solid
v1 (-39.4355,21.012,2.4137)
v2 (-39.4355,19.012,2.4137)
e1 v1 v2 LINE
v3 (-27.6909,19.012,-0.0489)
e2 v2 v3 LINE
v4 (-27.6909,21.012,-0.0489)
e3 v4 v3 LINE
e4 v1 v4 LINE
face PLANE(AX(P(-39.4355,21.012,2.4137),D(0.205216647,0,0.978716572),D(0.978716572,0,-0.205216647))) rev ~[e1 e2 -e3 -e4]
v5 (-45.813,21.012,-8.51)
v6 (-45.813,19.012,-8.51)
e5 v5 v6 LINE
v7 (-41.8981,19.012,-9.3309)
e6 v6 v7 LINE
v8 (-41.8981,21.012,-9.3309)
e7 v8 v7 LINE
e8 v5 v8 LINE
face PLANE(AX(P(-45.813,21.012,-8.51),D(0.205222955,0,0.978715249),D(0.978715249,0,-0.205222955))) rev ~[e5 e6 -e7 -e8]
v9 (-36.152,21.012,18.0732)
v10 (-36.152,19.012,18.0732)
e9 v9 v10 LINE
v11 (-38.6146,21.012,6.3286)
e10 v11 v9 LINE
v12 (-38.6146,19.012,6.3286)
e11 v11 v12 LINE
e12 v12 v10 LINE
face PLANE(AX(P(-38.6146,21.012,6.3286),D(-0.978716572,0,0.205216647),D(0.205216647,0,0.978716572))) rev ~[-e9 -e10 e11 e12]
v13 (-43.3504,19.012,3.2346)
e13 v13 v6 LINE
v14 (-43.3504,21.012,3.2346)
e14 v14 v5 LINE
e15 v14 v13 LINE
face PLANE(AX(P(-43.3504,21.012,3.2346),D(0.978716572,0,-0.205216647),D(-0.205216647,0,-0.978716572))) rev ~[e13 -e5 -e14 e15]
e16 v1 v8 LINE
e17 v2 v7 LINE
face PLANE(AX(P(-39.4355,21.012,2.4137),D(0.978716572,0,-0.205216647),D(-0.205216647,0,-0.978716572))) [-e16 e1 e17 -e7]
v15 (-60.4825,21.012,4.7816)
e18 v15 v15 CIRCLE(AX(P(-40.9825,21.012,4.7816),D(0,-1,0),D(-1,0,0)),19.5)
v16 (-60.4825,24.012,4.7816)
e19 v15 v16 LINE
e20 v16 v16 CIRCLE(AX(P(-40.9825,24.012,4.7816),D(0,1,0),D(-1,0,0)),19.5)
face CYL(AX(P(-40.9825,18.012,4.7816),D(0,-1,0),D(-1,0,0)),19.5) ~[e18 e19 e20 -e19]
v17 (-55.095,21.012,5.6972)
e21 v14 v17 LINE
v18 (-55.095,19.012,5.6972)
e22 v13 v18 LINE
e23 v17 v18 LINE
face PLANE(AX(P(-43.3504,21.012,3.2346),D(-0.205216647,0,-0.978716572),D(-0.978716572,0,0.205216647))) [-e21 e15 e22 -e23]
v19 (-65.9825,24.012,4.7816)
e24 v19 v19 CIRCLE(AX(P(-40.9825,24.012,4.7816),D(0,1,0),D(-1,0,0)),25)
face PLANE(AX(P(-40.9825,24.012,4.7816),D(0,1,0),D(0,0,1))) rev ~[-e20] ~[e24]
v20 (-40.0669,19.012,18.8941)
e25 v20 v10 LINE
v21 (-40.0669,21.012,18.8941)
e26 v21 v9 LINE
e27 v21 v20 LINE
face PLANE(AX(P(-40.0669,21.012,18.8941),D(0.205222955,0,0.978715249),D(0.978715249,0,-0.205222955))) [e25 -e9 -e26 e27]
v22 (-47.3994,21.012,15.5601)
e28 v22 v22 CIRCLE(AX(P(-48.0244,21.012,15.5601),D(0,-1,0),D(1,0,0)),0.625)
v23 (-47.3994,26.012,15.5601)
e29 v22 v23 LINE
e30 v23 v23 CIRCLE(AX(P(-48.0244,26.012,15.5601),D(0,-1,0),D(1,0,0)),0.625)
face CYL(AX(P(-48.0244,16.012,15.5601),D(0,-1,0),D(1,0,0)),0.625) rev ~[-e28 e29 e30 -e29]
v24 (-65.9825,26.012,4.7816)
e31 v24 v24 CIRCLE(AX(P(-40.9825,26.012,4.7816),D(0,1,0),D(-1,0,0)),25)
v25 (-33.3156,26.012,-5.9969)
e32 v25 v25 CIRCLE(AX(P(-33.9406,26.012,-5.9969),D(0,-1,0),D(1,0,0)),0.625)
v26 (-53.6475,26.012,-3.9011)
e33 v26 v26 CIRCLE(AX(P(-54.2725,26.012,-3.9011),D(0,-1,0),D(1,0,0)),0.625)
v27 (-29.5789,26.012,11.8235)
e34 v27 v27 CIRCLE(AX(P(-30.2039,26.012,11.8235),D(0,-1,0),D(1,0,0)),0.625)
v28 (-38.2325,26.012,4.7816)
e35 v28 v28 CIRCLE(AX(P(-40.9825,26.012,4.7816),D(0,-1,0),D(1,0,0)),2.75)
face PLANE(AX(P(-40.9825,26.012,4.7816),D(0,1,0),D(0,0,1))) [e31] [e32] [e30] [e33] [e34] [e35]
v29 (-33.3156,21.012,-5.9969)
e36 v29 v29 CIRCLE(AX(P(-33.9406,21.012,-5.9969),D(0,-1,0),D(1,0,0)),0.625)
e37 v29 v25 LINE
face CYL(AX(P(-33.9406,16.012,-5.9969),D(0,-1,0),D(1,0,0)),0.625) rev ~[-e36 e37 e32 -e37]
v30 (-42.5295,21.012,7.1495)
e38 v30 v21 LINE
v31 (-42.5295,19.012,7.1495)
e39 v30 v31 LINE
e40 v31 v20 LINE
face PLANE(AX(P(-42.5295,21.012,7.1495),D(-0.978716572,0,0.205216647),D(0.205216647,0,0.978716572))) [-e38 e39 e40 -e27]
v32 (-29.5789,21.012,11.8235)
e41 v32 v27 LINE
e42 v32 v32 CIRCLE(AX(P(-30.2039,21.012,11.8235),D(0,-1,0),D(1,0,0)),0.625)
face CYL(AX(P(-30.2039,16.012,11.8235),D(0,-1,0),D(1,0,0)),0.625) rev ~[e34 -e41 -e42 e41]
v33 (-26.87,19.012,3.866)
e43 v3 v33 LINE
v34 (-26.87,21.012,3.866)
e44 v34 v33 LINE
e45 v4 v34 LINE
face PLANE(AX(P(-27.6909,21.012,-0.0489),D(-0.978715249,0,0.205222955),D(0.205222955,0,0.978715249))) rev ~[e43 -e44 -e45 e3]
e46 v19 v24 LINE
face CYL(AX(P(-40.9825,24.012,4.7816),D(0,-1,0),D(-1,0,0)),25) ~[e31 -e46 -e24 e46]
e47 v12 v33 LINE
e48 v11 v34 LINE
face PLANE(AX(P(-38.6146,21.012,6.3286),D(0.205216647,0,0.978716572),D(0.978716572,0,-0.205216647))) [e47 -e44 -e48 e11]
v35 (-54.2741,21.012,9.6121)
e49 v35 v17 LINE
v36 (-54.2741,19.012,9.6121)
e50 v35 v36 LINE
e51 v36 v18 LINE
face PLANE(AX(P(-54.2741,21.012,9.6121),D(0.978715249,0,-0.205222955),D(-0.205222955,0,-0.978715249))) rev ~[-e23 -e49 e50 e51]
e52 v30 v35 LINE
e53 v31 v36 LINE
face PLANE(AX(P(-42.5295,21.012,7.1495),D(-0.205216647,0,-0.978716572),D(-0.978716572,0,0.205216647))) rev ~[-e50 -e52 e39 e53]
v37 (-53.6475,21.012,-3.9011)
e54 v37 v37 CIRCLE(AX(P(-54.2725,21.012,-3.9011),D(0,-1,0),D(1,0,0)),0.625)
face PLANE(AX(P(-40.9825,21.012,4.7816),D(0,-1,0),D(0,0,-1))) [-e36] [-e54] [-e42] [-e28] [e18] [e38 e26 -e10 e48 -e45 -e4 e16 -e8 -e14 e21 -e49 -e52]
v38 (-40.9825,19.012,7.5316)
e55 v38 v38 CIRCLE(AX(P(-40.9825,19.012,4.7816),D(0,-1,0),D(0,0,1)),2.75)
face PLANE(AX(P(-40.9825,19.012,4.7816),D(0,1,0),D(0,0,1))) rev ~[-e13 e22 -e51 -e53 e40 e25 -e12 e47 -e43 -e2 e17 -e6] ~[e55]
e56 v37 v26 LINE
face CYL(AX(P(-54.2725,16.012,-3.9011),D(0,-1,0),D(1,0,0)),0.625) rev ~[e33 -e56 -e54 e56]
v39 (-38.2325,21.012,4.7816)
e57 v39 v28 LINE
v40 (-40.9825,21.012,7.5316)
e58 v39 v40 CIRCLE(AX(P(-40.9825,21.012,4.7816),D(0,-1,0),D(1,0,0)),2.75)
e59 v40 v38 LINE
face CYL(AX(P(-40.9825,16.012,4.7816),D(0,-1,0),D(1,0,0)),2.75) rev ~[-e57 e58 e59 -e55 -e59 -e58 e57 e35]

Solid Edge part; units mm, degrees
sketch "Sketch1" plane through (0, 16.012, 0) normal (0, -1, 0) x (1, 0, 0)
  circle A0 centre (-40.9825, 4.7816) radius 25
extrude "Protrusion1" add sketch "Sketch1" against normal blind 2
sketch "Sketch2" plane through (-40.9825, 18.012, 4.7816) normal (0, 1, 0) x (-1, 0, 0)
  circle A0 centre (0, 0) radius 19.5
extrude "ExtrudedProtrusion_2" add sketch "Sketch2" along normal blind 6
sketch "Sketch3" plane through (-40.9825, 24.012, 4.7816) normal (0, 1, 0) x (-1, 0, 0)
  circle A0 centre (0, 0) radius 25
extrude "ExtrudedProtrusion_3" add sketch "Sketch3" along normal blind 2
sketch "Sketch4" plane through (0, 16.012, 0) normal (0, -1, 0) x (1, 0, 0)
  line L0 (-39.6249, 14.0146) -> (-47.4069, 22.165)
  arc A0 (-47.4069, 22.165) -> (-54.3209, 17.6479) centre (-50.4446, 19.2646) ccw
  line L1 (-54.3209, 17.6479) -> (-49.9832, 7.2473)
  arc A1 (-49.9832, 7.2473) -> (-50.2155, 6.1391) centre (-50.9061, 6.8624) cw
  line L2 (-50.2155, 6.1391) -> (-58.3659, -1.6428)
  arc A2 (-58.3659, -1.6428) -> (-53.8487, -8.5569) centre (-55.4655, -4.6805) ccw
  line L3 (-53.8487, -8.5569) -> (-43.4482, -4.2191)
  arc A3 (-43.4482, -4.2191) -> (-42.34, -4.4515) centre (-43.0633, -5.142) cw
  line L4 (-42.34, -4.4515) -> (-34.5581, -12.6018)
  arc A4 (-34.5581, -12.6018) -> (-27.644, -8.0847) centre (-31.5204, -9.7014) ccw
  line L5 (-27.644, -8.0847) -> (-31.9818, 2.3158)
  arc A5 (-31.9818, 2.3158) -> (-31.7494, 3.424) centre (-31.0588, 2.7008) cw
  line L6 (-31.7494, 3.424) -> (-23.5991, 11.206)
  arc A6 (-23.5991, 11.206) -> (-28.1162, 18.1201) centre (-26.4995, 14.2437) ccw
  line L7 (-28.1162, 18.1201) -> (-38.5167, 13.7823)
  arc A7 (-38.5167, 13.7823) -> (-39.6249, 14.0146) centre (-38.9017, 14.7052) cw
  line L8 (-38.6527, 15.8925) -> (-45.9604, 23.5461)
  arc A8 (-45.9604, 23.5461) -> (-56.1668, 16.878) centre (-50.4446, 19.2646) ccw
  line L9 (-56.1668, 16.878) -> (-52.0934, 7.1114)
  line L10 (-52.0934, 7.1114) -> (-59.747, -0.1963)
  arc A9 (-59.747, -0.1963) -> (-53.0789, -10.4028) centre (-55.4655, -4.6805) ccw
  line L11 (-53.0789, -10.4028) -> (-43.3122, -6.3294)
  line L12 (-43.3122, -6.3294) -> (-36.0046, -13.983)
  arc A10 (-36.0046, -13.983) -> (-25.7981, -7.3148) centre (-31.5204, -9.7014) ccw
  line L13 (-25.7981, -7.3148) -> (-29.8715, 2.4518)
  line L14 (-29.8715, 2.4518) -> (-22.2179, 9.7595)
  arc A11 (-22.2179, 9.7595) -> (-28.8861, 19.966) centre (-26.4995, 14.2437) ccw
  line L15 (-28.8861, 19.966) -> (-38.6527, 15.8925)
  dimension "D1" = 2
  dimension "D2" = 2
extrude "ExtrudedProtrusion_4" add sketch "Sketch4" along normal blind 2
fillet "Round_1" radius 1.5 16 edges at (-60.6559, 16.012, -8.0716) (-48.1956, 16.012, -8.3661) (-55.9202, 16.012, 3.4575) (-39.6584, 16.012, -10.1562) (-28.1293, 16.012, -14.8918) (-27.8348, 16.012, -2.4315) (-43.3122, 15.012, -6.3294) (-29.8715, 15.012, 2.4518) (-26.0447, 16.012, 6.1056) (-21.309, 16.012, 17.6348) (-33.7694, 16.012, 17.9293) (-38.6527, 15.012, 15.8925) (-42.3065, 16.012, 19.7193) (-53.8356, 16.012, 24.455) (-54.1301, 16.012, 11.9947) (-52.0934, 15.012, 7.1114)
sketch "Sketch5" plane through (0, 16.012, 0) normal (0, -1, 0) x (1, 0, 0)
  circle A0 centre (-40.9825, 4.7816) radius 2.75
extrude "Cutout1" cut sketch "Sketch5" against normal up to vertex (10 mm away)
sketch "Sketch6" plane through (0, 16.012, 0) normal (0, -1, 0) x (1, 0, 0)
  circle A0 centre (-30.2039, 11.8235) radius 0.625
  circle A1 centre (-48.0244, 15.5601) radius 0.625
  circle A2 centre (-54.2725, -3.9011) radius 0.625
  circle A3 centre (-33.9406, -5.9969) radius 0.625
  dimension "D1" = 2
  dimension "D2" = 2
extrude "Cutout2" cut sketch "Sketch6" against normal up to vertex (10 mm away)
sketch "Sketch7" plane through (-40.9825, 14.012, 4.7816) normal (0, -1, 0) x (0.9229, 0, 0.3849)
  arc A0 (-5.7404, -7.358) -> (-4.8071, -7.999) centre (-5.7404, -8.358) cw
  line L0 (-4.8071, -7.999) -> (-0.7621, -18.5169)
  arc A1 (-0.7621, -18.5169) -> (7.358, -17.0093) centre (3.158, -17.0093) ccw
  line L1 (7.358, -17.0093) -> (7.358, -5.7404)
  arc A2 (7.358, -5.7404) -> (7.999, -4.8071) centre (8.358, -5.7404) cw
  line L2 (7.999, -4.8071) -> (18.5169, -0.7621)
  arc A3 (18.5169, -0.7621) -> (17.0093, 7.358) centre (17.0093, 3.158) ccw
  line L3 (17.0093, 7.358) -> (5.7404, 7.358)
  arc A4 (5.7404, 7.358) -> (4.8071, 7.999) centre (5.7404, 8.358) cw
  line L4 (4.8071, 7.999) -> (0.7621, 18.5169)
  arc A5 (0.7621, 18.5169) -> (-7.358, 17.0093) centre (-3.158, 17.0093) ccw
  line L5 (-7.358, 17.0093) -> (-7.358, 5.7404)
  arc A6 (-7.358, 5.7404) -> (-7.999, 4.8071) centre (-8.358, 5.7404) cw
  line L6 (-7.999, 4.8071) -> (-18.5169, 0.7621)
  arc A7 (-18.5169, 0.7621) -> (-17.0093, -7.358) centre (-17.0093, -3.158) ccw
  line L7 (-17.0093, -7.358) -> (-5.7404, -7.358)
  arc A8 (-5.7404, -5.858) -> (-3.407, -7.4606) centre (-5.7404, -8.358) cw
  line L8 (-3.407, -7.4606) -> (0.6379, -17.9785)
  arc A9 (0.6379, -17.9785) -> (5.858, -17.0093) centre (3.158, -17.0093) ccw
  line L9 (5.858, -17.0093) -> (5.858, -5.7404)
  arc A10 (5.858, -5.7404) -> (7.4606, -3.407) centre (8.358, -5.7404) cw
  line L10 (7.4606, -3.407) -> (17.9785, 0.6379)
  arc A11 (17.9785, 0.6379) -> (17.0093, 5.858) centre (17.0093, 3.158) ccw
  line L11 (17.0093, 5.858) -> (5.7404, 5.858)
  arc A12 (5.7404, 5.858) -> (3.407, 7.4606) centre (5.7404, 8.358) cw
  line L12 (3.407, 7.4606) -> (-0.6379, 17.9785)
  arc A13 (-0.6379, 17.9785) -> (-5.858, 17.0093) centre (-3.158, 17.0093) ccw
  line L13 (-5.858, 17.0093) -> (-5.858, 5.7404)
  arc A14 (-5.858, 5.7404) -> (-7.4606, 3.407) centre (-8.358, 5.7404) cw
  line L14 (-7.4606, 3.407) -> (-17.9785, -0.6379)
  arc A15 (-17.9785, -0.6379) -> (-17.0093, -5.858) centre (-17.0093, -3.158) ccw
  line L15 (-17.0093, -5.858) -> (-5.7404, -5.858)
  dimension "D1" = 0.5
extrude "Protrusion2" add sketch "Sketch7" against normal up to vertex (2 mm away)
sketch "Sketch8" plane through (-40.9825, 14.012, 4.7816) normal (0, -1, 0) x (0.9229, 0, 0.3849)
  circle A0 centre (0, 0) radius 32.9501
extrude "ExtrudedCutout_4" cut sketch "Sketch8" against normal blind 7
sketch "Sketch9" plane through (-40.9825, 21.012, 4.7816) normal (0, -1, 0) x (0, 0, 1)
  line L0 (-1.547, 2.3679) -> (0.9156, 14.1125)
  line L1 (4.8305, 13.2916) -> (0.9156, 14.1125)
  line L2 (2.3679, 1.547) -> (4.8305, 13.2916)
  line L3 (2.3679, 1.547) -> (14.1125, -0.9156)
  line L4 (14.1125, -0.9156) -> (13.2916, -4.8305)
  line L5 (1.547, -2.3679) -> (13.2916, -4.8305)
  line L6 (1.547, -2.3679) -> (-0.9156, -14.1125)
  line L7 (-4.8305, -13.2916) -> (-0.9156, -14.1125)
  line L8 (-2.3679, -1.547) -> (-4.8305, -13.2916)
  line L9 (-2.3679, -1.547) -> (-14.1125, 0.9156)
  line L10 (-13.2916, 4.8305) -> (-14.1125, 0.9156)
  line L11 (-1.547, 2.3679) -> (-13.2916, 4.8305)
  circle A0 centre (0, 0) radius 2.75
extrude "ExtrudedProtrusion_6" add sketch "Sketch9" along normal blind 2
properties material "ABS Plastic, medium impact"
